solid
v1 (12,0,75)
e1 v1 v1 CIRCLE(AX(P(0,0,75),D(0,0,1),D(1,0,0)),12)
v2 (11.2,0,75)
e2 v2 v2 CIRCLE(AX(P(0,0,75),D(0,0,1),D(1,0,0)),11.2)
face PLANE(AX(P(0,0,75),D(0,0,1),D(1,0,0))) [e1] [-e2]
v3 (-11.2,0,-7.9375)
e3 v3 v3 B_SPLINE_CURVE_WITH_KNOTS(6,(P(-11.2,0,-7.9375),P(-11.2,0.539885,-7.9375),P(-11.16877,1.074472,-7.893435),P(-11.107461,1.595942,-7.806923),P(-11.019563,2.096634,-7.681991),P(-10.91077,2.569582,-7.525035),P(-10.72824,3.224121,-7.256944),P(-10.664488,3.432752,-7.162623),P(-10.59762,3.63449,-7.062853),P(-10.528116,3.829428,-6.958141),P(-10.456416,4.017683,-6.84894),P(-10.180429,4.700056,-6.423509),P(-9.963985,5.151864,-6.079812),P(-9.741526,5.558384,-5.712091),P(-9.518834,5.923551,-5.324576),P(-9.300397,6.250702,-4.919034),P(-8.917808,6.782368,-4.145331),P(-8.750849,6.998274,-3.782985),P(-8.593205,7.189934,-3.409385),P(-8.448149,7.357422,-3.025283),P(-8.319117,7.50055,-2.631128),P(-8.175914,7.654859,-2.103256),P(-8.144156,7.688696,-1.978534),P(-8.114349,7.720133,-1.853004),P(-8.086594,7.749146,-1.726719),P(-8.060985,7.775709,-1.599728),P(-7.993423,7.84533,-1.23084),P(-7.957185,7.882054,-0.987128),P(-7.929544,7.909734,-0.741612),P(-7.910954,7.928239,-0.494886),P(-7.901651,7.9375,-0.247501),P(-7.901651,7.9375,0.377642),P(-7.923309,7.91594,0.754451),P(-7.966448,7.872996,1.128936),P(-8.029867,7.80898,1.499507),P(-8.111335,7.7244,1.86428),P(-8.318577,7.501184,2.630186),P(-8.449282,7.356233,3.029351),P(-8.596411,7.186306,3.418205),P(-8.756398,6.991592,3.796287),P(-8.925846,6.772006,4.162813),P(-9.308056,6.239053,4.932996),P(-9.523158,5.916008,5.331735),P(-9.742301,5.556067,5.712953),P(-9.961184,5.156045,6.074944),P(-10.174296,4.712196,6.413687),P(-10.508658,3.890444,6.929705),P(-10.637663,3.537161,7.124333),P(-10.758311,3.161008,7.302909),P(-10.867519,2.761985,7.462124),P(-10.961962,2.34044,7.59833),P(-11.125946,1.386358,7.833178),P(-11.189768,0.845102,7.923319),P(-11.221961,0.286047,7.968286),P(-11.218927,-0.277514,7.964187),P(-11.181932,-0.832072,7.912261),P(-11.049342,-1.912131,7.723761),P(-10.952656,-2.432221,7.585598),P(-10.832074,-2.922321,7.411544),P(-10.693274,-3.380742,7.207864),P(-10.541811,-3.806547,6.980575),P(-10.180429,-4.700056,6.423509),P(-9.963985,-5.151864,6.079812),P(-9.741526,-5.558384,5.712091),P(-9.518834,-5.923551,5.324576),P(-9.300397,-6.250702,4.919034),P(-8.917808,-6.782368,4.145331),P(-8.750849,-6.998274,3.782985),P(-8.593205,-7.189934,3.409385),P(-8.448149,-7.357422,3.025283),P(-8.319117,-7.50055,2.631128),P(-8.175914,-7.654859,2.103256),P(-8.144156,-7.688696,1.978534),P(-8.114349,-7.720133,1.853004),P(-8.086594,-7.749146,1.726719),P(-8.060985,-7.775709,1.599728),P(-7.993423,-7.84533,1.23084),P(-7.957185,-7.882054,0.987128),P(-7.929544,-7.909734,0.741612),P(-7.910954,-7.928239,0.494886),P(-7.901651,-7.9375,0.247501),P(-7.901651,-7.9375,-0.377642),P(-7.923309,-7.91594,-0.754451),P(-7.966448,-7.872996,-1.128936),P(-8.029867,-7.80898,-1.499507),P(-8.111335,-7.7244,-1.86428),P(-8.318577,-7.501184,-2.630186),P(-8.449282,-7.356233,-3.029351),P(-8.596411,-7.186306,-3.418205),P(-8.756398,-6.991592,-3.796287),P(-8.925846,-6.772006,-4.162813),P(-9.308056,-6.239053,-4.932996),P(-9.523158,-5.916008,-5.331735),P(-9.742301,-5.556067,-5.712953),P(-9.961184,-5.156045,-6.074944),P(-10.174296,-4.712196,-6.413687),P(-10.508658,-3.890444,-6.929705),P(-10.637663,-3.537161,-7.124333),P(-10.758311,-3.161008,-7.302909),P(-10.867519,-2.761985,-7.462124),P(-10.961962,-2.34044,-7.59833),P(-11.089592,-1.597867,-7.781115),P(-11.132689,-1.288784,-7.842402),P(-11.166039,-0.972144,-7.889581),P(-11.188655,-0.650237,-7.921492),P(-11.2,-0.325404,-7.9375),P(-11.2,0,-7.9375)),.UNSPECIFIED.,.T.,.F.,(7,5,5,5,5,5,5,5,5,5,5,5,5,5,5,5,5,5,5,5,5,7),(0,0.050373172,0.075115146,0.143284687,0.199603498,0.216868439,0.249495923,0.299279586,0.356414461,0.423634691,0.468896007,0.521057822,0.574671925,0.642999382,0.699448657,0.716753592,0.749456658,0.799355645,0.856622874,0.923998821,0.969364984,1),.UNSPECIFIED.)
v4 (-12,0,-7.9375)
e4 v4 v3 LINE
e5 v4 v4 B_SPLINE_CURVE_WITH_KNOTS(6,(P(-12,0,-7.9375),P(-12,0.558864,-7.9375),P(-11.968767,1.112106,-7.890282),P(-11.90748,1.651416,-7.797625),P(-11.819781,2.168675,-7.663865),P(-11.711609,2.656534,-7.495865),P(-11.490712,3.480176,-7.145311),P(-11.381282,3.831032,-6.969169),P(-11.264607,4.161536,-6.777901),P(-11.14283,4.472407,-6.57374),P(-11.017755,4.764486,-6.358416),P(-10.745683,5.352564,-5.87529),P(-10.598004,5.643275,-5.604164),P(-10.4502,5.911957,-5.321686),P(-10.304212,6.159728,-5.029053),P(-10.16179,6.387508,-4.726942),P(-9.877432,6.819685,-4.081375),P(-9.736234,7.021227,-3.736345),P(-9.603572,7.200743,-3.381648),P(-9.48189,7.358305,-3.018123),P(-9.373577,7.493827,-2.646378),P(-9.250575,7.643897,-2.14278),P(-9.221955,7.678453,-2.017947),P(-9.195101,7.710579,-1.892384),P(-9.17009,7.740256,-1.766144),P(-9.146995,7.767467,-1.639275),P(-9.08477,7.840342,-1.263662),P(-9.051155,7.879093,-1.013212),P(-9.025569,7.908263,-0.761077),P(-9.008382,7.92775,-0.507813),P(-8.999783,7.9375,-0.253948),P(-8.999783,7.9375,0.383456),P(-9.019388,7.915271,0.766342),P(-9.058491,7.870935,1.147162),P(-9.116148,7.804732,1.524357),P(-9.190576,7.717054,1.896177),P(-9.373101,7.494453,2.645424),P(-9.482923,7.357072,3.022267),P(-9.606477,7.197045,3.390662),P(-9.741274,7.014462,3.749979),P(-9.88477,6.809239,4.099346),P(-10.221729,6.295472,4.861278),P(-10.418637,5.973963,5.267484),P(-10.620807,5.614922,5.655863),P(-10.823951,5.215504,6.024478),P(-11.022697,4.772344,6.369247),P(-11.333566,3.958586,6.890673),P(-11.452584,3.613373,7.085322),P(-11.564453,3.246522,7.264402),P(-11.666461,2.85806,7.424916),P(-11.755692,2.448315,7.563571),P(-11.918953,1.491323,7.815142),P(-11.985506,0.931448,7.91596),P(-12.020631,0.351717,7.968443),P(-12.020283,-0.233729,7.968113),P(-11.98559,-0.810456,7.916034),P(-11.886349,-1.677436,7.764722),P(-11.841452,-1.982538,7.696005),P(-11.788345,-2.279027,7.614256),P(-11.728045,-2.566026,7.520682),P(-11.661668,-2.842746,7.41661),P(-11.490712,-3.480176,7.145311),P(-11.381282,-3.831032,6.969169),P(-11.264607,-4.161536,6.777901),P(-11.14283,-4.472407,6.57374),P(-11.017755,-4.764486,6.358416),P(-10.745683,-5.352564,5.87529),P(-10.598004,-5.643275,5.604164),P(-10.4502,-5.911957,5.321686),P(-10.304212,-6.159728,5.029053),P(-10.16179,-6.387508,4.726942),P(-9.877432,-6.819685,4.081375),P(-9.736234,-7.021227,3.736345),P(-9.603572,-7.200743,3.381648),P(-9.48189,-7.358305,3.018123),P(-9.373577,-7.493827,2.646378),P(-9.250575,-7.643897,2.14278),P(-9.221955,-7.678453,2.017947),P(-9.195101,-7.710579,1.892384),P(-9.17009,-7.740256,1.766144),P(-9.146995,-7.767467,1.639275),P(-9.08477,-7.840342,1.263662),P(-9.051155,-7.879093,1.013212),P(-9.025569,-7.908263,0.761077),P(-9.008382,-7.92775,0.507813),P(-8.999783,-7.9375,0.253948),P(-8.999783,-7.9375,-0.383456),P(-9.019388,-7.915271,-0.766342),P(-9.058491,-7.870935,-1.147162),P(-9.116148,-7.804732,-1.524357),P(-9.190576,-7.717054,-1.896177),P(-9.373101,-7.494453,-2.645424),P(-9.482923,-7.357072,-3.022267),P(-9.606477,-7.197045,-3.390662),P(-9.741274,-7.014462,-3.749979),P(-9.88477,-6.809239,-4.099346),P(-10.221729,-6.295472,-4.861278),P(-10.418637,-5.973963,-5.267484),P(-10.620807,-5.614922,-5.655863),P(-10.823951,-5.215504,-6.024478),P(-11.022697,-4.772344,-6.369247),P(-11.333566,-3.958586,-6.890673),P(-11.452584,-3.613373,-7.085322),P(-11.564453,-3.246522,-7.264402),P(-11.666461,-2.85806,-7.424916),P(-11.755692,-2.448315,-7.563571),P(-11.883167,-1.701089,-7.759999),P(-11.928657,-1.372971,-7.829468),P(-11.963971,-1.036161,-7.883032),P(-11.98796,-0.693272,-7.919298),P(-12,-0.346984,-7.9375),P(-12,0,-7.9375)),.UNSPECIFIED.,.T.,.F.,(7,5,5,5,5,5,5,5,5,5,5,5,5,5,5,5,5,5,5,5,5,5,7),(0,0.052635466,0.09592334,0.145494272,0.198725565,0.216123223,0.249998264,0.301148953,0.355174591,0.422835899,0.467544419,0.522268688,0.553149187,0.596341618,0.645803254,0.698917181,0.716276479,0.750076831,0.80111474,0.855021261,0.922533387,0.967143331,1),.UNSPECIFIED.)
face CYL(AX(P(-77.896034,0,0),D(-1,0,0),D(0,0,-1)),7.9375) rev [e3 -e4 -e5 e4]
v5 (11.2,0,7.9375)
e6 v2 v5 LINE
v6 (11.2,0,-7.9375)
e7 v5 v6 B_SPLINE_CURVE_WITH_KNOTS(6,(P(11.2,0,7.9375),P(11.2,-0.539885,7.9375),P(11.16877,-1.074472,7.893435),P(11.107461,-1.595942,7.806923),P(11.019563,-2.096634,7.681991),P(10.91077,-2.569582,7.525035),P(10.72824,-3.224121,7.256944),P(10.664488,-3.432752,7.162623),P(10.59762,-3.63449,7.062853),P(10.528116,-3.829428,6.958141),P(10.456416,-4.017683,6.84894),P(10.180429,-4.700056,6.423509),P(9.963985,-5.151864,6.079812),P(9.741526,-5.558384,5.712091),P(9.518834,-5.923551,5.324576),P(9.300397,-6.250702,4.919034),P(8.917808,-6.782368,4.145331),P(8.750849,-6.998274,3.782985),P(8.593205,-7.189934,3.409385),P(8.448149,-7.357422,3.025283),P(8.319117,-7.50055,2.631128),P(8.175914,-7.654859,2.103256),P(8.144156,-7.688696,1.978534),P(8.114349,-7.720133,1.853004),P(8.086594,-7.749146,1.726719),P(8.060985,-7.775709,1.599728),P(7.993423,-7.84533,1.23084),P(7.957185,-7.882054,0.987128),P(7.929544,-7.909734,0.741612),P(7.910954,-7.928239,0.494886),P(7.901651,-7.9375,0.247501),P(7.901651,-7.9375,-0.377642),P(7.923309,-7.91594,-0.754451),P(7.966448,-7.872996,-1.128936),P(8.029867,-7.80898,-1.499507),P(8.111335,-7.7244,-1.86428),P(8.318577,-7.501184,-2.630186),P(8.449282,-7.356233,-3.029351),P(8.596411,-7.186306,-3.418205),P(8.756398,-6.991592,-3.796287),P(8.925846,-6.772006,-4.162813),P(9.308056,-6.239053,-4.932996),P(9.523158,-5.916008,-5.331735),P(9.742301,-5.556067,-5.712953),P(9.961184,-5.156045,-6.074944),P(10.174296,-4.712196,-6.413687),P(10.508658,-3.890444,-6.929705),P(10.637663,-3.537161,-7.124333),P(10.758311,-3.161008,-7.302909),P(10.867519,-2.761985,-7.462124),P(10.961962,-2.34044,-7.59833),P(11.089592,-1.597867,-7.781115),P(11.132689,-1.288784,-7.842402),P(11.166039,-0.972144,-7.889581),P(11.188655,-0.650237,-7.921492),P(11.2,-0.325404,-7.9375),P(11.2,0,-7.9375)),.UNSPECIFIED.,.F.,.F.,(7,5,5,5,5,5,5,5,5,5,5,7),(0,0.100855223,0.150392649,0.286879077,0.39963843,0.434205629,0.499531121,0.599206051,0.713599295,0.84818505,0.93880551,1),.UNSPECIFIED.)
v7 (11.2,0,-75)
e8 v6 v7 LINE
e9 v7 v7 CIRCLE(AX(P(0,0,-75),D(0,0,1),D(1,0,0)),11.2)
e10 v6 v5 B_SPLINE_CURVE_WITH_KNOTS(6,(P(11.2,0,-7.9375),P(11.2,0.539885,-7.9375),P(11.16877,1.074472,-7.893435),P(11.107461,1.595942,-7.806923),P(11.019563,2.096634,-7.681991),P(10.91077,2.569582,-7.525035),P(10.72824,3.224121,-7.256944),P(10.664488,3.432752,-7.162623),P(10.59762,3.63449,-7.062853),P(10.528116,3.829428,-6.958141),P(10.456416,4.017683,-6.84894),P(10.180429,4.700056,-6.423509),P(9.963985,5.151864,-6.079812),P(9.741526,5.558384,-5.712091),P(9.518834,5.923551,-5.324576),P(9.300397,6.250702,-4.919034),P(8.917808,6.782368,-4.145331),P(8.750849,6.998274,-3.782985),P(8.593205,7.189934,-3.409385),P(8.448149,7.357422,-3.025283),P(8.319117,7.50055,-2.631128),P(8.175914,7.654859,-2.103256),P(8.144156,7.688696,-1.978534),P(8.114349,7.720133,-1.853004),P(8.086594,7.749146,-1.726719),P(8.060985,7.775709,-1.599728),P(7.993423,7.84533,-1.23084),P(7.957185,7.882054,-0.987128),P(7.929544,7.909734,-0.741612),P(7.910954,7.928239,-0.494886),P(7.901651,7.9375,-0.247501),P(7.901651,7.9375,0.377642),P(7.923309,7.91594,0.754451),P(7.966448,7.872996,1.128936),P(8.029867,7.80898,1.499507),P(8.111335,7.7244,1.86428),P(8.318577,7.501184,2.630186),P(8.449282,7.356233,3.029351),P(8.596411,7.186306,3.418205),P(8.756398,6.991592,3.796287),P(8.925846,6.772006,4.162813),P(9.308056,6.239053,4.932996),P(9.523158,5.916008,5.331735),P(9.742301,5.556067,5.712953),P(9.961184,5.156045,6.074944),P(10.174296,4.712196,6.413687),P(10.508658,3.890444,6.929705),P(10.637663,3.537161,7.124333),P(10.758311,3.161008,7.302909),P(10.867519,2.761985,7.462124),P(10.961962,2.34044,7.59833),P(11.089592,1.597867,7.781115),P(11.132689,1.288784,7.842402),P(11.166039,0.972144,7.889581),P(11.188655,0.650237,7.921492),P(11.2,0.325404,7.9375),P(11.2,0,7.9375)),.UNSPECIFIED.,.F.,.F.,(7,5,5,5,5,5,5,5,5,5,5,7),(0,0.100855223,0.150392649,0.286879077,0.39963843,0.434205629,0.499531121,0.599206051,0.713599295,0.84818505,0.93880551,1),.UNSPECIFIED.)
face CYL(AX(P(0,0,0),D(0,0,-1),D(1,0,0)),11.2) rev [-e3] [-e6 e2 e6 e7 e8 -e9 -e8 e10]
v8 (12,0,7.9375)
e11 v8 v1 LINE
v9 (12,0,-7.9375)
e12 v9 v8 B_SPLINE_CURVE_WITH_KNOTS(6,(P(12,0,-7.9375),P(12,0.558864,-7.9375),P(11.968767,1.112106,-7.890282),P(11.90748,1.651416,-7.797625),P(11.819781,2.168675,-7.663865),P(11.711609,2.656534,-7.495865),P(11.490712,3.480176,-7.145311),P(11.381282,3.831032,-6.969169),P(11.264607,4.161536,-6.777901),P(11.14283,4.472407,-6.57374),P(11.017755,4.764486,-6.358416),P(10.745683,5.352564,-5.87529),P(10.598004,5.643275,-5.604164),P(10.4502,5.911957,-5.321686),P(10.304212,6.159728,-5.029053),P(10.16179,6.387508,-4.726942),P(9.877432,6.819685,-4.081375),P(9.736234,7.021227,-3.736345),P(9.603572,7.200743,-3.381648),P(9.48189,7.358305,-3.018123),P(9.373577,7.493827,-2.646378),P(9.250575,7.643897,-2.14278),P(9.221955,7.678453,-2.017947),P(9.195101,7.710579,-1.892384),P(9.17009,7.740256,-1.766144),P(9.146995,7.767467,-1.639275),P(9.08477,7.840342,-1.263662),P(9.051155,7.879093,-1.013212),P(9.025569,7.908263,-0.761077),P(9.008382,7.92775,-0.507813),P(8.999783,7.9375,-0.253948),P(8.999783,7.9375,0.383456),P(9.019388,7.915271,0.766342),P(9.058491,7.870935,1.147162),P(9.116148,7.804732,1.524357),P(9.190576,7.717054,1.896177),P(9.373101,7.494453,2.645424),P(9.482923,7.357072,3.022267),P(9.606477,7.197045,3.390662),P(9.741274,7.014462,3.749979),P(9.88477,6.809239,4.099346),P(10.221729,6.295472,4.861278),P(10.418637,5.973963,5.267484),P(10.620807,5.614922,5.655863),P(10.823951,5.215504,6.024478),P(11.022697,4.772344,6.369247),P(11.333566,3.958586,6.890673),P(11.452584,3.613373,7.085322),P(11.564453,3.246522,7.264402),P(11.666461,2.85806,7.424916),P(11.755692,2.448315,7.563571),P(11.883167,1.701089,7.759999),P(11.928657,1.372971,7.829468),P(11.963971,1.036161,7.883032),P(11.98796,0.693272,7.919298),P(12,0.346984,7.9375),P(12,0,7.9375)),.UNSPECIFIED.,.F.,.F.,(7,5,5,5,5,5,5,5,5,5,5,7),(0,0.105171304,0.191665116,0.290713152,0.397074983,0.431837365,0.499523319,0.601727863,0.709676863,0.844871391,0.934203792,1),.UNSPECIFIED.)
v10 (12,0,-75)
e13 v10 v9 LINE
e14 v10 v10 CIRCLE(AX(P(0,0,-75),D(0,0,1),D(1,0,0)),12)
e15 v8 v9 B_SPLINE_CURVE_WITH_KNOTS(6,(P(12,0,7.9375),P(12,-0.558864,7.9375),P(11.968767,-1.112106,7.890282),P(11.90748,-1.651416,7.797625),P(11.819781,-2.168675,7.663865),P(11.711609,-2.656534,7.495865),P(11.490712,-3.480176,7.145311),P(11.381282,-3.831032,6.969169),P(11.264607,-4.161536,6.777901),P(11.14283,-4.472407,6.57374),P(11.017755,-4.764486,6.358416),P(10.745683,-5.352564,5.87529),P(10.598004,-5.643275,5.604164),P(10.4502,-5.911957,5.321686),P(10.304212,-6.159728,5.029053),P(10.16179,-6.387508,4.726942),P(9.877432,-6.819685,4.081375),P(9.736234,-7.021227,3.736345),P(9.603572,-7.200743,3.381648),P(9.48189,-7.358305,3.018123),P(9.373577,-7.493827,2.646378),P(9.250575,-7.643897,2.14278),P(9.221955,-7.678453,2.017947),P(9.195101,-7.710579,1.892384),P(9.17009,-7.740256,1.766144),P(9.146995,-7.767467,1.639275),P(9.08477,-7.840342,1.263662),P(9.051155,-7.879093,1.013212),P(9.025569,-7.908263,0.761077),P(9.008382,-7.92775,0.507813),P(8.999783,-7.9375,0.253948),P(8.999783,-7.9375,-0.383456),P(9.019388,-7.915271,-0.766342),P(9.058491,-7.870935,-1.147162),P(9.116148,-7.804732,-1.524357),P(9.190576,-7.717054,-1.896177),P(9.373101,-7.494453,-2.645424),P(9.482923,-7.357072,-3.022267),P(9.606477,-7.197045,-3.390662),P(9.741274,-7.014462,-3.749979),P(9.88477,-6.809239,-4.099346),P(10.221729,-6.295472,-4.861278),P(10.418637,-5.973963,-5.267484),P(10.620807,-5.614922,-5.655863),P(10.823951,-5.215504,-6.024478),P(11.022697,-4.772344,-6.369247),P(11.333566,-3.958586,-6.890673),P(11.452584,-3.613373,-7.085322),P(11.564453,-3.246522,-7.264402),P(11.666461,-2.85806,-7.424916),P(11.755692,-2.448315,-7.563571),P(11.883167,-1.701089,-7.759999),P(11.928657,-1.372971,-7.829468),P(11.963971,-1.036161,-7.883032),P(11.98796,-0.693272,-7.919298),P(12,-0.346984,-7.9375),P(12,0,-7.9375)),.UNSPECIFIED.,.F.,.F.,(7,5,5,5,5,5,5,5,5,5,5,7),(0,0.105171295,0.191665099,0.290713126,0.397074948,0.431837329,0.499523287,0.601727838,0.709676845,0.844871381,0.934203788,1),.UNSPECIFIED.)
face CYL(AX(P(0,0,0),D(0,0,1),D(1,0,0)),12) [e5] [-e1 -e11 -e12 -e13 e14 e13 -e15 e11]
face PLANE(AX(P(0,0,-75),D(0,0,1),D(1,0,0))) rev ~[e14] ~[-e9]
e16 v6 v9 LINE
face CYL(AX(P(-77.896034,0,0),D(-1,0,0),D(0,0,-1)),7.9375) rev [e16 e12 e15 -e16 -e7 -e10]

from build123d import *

# Parameters (mm, degrees)
SKETCH1_R               = 12
SKETCH1_R_2             = 11.2
BOSS_EXTRUDE1_DEPTH     = 75
CUT_EXTRUDE1_DEPTH      = 77.896033708
CUT_EXTRUDE1_DEPTH_BACK = 77.896033708
SKETCH2_R               = 7.9375


with BuildPart() as part:
    # Sketch1 → Boss-Extrude1 (new, symmetric)
    with BuildSketch(Plane.XY):
        Circle(SKETCH1_R)
        Circle(SKETCH1_R_2, mode=Mode.SUBTRACT)
    extrude(amount=BOSS_EXTRUDE1_DEPTH, both=True)

    # Sketch2 → Cut-Extrude1 (cut, two sides: drawn at the far end of the back side and taken through both)
    with BuildSketch(Plane(origin=(0, 0, 0), x_dir=(0, 0, -1), z_dir=(1, 0, 0)).offset(-CUT_EXTRUDE1_DEPTH_BACK)):
        Circle(SKETCH2_R)
    extrude(amount=CUT_EXTRUDE1_DEPTH + CUT_EXTRUDE1_DEPTH_BACK, mode=Mode.SUBTRACT)


solid = part.part
